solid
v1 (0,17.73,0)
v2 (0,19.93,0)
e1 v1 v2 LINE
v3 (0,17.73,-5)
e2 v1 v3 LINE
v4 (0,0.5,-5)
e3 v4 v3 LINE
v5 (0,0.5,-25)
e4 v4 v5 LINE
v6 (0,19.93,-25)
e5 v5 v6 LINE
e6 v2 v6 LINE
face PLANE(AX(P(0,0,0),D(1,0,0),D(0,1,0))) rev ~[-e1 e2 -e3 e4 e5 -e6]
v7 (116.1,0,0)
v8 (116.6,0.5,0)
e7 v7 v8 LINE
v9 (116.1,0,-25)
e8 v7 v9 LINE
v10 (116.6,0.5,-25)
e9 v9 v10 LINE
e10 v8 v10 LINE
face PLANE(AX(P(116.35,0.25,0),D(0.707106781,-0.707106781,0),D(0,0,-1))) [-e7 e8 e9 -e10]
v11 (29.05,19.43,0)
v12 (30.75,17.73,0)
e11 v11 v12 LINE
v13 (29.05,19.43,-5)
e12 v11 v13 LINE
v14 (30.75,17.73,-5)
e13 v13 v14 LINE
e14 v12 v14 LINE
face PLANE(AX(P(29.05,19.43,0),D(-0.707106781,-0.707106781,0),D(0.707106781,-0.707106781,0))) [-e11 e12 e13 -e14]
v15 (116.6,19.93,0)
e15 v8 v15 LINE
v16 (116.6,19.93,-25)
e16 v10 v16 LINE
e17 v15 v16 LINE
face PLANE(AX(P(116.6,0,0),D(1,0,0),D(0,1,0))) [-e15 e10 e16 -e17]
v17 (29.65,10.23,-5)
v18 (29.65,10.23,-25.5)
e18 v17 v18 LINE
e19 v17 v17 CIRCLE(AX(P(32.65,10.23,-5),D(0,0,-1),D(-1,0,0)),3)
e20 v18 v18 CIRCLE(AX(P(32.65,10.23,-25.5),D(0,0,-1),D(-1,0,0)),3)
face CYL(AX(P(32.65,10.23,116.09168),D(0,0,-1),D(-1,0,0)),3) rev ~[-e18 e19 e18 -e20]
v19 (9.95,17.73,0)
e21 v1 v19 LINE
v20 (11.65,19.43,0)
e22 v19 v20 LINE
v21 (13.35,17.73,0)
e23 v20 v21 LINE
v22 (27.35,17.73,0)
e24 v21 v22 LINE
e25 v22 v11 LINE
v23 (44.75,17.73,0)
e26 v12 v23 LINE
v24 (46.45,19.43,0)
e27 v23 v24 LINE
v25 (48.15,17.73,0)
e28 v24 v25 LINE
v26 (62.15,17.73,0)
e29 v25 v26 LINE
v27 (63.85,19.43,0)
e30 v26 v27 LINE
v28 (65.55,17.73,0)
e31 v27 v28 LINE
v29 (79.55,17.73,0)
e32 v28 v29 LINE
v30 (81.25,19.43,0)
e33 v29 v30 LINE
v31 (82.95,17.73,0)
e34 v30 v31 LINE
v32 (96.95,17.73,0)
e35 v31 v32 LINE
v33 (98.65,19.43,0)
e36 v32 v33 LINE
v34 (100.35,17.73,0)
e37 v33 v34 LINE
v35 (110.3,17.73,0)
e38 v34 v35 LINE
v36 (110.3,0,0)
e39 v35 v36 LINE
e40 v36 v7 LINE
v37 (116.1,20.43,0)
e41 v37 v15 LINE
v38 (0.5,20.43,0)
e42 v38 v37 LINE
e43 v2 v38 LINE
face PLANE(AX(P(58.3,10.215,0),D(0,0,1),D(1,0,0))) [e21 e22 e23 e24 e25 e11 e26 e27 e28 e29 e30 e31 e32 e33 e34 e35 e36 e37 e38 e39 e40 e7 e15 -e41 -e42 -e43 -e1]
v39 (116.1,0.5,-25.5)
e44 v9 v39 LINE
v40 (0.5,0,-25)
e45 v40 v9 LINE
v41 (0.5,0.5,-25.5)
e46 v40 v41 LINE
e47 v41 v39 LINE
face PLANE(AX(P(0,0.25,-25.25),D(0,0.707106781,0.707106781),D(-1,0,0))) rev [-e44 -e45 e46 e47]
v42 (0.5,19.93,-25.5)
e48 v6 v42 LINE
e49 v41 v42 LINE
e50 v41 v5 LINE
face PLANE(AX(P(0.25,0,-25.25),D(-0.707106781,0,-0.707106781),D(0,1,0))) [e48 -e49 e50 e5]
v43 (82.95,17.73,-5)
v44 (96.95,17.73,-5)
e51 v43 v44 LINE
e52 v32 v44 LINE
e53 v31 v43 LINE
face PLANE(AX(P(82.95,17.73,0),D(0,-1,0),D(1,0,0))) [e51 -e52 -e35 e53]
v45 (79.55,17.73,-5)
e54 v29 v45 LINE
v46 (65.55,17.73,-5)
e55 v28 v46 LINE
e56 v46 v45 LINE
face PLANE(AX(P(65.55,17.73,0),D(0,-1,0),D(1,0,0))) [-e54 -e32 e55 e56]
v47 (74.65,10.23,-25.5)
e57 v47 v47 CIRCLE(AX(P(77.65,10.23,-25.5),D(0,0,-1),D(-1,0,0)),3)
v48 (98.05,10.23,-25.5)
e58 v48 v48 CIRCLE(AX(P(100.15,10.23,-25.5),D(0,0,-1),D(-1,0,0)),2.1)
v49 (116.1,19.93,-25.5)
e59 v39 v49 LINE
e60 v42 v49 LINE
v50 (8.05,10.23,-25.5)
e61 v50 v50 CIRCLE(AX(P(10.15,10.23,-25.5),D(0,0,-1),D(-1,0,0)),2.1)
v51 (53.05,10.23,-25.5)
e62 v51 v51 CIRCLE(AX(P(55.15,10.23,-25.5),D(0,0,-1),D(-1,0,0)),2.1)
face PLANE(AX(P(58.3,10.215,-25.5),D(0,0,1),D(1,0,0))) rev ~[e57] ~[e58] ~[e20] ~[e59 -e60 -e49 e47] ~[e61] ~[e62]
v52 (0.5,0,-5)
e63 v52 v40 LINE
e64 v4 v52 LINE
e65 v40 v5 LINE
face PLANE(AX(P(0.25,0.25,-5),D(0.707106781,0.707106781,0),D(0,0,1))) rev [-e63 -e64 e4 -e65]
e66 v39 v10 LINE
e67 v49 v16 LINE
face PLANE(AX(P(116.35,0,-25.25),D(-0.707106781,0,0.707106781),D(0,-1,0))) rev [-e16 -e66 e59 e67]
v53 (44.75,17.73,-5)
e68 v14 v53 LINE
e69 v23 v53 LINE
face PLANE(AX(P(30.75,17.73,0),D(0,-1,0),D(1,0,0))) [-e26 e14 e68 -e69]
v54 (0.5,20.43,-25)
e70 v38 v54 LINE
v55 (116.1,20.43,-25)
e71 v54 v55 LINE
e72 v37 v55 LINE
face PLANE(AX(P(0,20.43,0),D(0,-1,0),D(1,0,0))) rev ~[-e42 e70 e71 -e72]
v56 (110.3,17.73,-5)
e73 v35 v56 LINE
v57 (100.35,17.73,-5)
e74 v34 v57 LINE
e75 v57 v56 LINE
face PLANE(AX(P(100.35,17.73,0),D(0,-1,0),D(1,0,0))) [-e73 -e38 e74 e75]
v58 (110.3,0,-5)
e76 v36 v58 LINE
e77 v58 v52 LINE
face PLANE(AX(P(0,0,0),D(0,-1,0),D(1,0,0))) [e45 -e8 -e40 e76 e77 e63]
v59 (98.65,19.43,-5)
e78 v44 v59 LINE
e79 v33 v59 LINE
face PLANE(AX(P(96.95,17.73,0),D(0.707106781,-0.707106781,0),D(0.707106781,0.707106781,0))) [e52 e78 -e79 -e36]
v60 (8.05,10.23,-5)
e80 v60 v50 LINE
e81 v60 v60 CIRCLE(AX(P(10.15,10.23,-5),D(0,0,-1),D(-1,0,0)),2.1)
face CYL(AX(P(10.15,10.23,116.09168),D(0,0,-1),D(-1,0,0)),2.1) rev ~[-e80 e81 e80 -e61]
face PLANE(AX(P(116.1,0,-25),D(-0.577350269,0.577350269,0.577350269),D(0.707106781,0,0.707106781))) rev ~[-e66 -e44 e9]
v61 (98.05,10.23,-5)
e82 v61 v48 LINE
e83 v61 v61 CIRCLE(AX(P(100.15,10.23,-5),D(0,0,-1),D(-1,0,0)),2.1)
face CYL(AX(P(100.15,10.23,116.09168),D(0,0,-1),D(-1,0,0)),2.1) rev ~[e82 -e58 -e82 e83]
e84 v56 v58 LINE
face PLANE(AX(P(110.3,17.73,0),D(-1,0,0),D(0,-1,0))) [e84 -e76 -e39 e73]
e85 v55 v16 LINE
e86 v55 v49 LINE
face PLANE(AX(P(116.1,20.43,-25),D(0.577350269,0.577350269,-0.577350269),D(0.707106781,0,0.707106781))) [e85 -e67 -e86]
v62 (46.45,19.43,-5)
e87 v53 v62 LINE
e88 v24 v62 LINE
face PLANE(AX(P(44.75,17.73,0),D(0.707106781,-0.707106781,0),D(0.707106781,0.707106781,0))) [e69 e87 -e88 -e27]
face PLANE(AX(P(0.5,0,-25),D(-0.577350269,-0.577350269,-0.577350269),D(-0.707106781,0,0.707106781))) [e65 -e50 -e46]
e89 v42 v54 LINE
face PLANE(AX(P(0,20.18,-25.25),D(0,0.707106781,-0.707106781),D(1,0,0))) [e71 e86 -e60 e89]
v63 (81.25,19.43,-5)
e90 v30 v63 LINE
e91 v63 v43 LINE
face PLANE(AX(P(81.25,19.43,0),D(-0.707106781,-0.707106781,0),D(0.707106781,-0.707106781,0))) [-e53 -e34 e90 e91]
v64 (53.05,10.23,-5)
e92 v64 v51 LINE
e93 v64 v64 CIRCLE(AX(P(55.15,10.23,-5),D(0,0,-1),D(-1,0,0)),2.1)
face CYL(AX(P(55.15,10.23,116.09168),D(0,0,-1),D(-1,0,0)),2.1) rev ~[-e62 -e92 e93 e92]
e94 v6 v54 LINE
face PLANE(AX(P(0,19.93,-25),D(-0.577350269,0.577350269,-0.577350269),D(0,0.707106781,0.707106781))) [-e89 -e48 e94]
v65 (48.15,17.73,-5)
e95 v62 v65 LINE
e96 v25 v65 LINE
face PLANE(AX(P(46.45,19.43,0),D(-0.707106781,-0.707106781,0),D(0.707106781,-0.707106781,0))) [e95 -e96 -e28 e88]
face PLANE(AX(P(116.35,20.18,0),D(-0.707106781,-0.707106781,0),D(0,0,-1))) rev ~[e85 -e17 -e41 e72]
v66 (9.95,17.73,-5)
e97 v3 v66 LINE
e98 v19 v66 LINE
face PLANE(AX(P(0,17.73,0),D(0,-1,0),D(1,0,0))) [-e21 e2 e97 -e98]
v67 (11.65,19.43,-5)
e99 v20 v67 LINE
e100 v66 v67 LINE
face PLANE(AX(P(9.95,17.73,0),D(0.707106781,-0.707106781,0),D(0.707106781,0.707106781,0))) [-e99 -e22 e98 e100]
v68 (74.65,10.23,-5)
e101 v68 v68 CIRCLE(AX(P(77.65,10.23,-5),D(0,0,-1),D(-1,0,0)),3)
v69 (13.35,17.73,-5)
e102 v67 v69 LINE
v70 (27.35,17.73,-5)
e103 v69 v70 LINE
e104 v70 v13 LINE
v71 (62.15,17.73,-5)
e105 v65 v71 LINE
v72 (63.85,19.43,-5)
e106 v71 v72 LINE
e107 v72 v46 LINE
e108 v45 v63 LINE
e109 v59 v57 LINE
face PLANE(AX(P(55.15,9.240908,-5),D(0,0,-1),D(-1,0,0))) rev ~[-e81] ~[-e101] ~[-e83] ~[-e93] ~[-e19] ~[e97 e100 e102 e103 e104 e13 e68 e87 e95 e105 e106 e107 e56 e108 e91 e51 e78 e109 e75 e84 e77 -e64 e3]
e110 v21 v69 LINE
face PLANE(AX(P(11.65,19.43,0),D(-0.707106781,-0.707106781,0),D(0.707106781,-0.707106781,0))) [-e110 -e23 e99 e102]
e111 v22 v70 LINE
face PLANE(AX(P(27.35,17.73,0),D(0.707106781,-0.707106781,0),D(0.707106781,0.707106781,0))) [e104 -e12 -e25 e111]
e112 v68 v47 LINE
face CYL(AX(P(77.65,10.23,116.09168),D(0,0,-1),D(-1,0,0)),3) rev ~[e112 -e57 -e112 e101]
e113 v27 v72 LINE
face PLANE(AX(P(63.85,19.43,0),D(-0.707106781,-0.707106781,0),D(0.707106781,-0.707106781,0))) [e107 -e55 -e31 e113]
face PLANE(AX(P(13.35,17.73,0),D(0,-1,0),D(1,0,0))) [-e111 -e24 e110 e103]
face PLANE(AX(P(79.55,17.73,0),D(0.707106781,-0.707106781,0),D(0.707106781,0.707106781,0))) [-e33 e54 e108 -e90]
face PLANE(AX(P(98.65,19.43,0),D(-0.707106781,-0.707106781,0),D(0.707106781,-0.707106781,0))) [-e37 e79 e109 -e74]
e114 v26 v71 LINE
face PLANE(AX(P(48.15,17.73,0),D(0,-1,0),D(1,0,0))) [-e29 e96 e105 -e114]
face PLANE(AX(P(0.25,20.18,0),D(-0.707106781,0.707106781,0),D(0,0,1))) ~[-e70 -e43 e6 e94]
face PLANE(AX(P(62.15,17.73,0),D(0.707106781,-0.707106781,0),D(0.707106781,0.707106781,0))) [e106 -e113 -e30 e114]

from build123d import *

# Parameters (mm, degrees)
SKETCH_2_W          = 116.6
SKETCH_2_H          = 20.43
EXTRUDE_1_DEPTH     = 25.5
CUT_EXTRUDE_1_DEPTH = 5
M5X0_81_D           = 4.2
HOLE_WIZARD_6_0_1_D = 6
CHAMFER_1_SIZE      = 0.5


with BuildPart() as part:
    # Эскиз2 → Бобышка-Вытянуть1 (new body)
    with BuildSketch(Plane.XY):
        with Locations((58.3, 10.215)):
            Rectangle(SKETCH_2_W, SKETCH_2_H)
    extrude(amount=-EXTRUDE_1_DEPTH)

    # Эскиз1 → Вырез-Вытянуть1 (cut)
    with BuildSketch(Plane.XY):
        Polygon((27.35, 17.73), (29.05, 19.43), (30.75, 17.73), (44.75, 17.73), (46.45, 19.43), (48.15, 17.73), (62.15, 17.73), (63.85, 19.43), (65.55, 17.73), (79.55, 17.73), (81.25, 19.43), (82.95, 17.73), (96.95, 17.73), (98.65, 19.43), (100.35, 17.73), (110.3, 17.73), (110.3, 0), (0, 0), (0, 17.73), (9.95, 17.73), (11.65, 19.43), (13.35, 17.73), align=None)
    extrude(amount=-CUT_EXTRUDE_1_DEPTH, mode=Mode.SUBTRACT)

    # Отверстие обработанное метчиком M5x0.81 (through all)
    with Locations(Plane(origin=(-38.872854219, 5.478694599, -5), x_dir=(1, 0, 0), z_dir=(0, 0, 1))):
        with Locations((94.022854219, 4.751305401), (49.022854219, 4.751305401), (139.022854219, 4.751305401)):
            Hole(M5X0_81_D / 2)

    # Отверстия под штифты Ø6.0 мм1 (through all)
    with Locations(Plane.XY.offset(-5)):
        with Locations((32.65, 10.23), (77.65, 10.23)):
            Hole(HOLE_WIZARD_6_0_1_D / 2)

    # Фаска1
    chamfer_1_edges = [part.edges().sort_by_distance(p)[0] for p in [
        (116.6, 10.215, -25.5),
        (58.3, 20.43, -25.5),
        (0, 10.215, -25.5),
        (58.3, 0, -25.5),
        (0, 20.43, -12.75),
        (116.6, 20.43, -12.75),
        (116.6, 0, -12.75),
        (0, 0, -15.25),
    ]]
    chamfer(chamfer_1_edges, length=CHAMFER_1_SIZE)


solid = part.part
